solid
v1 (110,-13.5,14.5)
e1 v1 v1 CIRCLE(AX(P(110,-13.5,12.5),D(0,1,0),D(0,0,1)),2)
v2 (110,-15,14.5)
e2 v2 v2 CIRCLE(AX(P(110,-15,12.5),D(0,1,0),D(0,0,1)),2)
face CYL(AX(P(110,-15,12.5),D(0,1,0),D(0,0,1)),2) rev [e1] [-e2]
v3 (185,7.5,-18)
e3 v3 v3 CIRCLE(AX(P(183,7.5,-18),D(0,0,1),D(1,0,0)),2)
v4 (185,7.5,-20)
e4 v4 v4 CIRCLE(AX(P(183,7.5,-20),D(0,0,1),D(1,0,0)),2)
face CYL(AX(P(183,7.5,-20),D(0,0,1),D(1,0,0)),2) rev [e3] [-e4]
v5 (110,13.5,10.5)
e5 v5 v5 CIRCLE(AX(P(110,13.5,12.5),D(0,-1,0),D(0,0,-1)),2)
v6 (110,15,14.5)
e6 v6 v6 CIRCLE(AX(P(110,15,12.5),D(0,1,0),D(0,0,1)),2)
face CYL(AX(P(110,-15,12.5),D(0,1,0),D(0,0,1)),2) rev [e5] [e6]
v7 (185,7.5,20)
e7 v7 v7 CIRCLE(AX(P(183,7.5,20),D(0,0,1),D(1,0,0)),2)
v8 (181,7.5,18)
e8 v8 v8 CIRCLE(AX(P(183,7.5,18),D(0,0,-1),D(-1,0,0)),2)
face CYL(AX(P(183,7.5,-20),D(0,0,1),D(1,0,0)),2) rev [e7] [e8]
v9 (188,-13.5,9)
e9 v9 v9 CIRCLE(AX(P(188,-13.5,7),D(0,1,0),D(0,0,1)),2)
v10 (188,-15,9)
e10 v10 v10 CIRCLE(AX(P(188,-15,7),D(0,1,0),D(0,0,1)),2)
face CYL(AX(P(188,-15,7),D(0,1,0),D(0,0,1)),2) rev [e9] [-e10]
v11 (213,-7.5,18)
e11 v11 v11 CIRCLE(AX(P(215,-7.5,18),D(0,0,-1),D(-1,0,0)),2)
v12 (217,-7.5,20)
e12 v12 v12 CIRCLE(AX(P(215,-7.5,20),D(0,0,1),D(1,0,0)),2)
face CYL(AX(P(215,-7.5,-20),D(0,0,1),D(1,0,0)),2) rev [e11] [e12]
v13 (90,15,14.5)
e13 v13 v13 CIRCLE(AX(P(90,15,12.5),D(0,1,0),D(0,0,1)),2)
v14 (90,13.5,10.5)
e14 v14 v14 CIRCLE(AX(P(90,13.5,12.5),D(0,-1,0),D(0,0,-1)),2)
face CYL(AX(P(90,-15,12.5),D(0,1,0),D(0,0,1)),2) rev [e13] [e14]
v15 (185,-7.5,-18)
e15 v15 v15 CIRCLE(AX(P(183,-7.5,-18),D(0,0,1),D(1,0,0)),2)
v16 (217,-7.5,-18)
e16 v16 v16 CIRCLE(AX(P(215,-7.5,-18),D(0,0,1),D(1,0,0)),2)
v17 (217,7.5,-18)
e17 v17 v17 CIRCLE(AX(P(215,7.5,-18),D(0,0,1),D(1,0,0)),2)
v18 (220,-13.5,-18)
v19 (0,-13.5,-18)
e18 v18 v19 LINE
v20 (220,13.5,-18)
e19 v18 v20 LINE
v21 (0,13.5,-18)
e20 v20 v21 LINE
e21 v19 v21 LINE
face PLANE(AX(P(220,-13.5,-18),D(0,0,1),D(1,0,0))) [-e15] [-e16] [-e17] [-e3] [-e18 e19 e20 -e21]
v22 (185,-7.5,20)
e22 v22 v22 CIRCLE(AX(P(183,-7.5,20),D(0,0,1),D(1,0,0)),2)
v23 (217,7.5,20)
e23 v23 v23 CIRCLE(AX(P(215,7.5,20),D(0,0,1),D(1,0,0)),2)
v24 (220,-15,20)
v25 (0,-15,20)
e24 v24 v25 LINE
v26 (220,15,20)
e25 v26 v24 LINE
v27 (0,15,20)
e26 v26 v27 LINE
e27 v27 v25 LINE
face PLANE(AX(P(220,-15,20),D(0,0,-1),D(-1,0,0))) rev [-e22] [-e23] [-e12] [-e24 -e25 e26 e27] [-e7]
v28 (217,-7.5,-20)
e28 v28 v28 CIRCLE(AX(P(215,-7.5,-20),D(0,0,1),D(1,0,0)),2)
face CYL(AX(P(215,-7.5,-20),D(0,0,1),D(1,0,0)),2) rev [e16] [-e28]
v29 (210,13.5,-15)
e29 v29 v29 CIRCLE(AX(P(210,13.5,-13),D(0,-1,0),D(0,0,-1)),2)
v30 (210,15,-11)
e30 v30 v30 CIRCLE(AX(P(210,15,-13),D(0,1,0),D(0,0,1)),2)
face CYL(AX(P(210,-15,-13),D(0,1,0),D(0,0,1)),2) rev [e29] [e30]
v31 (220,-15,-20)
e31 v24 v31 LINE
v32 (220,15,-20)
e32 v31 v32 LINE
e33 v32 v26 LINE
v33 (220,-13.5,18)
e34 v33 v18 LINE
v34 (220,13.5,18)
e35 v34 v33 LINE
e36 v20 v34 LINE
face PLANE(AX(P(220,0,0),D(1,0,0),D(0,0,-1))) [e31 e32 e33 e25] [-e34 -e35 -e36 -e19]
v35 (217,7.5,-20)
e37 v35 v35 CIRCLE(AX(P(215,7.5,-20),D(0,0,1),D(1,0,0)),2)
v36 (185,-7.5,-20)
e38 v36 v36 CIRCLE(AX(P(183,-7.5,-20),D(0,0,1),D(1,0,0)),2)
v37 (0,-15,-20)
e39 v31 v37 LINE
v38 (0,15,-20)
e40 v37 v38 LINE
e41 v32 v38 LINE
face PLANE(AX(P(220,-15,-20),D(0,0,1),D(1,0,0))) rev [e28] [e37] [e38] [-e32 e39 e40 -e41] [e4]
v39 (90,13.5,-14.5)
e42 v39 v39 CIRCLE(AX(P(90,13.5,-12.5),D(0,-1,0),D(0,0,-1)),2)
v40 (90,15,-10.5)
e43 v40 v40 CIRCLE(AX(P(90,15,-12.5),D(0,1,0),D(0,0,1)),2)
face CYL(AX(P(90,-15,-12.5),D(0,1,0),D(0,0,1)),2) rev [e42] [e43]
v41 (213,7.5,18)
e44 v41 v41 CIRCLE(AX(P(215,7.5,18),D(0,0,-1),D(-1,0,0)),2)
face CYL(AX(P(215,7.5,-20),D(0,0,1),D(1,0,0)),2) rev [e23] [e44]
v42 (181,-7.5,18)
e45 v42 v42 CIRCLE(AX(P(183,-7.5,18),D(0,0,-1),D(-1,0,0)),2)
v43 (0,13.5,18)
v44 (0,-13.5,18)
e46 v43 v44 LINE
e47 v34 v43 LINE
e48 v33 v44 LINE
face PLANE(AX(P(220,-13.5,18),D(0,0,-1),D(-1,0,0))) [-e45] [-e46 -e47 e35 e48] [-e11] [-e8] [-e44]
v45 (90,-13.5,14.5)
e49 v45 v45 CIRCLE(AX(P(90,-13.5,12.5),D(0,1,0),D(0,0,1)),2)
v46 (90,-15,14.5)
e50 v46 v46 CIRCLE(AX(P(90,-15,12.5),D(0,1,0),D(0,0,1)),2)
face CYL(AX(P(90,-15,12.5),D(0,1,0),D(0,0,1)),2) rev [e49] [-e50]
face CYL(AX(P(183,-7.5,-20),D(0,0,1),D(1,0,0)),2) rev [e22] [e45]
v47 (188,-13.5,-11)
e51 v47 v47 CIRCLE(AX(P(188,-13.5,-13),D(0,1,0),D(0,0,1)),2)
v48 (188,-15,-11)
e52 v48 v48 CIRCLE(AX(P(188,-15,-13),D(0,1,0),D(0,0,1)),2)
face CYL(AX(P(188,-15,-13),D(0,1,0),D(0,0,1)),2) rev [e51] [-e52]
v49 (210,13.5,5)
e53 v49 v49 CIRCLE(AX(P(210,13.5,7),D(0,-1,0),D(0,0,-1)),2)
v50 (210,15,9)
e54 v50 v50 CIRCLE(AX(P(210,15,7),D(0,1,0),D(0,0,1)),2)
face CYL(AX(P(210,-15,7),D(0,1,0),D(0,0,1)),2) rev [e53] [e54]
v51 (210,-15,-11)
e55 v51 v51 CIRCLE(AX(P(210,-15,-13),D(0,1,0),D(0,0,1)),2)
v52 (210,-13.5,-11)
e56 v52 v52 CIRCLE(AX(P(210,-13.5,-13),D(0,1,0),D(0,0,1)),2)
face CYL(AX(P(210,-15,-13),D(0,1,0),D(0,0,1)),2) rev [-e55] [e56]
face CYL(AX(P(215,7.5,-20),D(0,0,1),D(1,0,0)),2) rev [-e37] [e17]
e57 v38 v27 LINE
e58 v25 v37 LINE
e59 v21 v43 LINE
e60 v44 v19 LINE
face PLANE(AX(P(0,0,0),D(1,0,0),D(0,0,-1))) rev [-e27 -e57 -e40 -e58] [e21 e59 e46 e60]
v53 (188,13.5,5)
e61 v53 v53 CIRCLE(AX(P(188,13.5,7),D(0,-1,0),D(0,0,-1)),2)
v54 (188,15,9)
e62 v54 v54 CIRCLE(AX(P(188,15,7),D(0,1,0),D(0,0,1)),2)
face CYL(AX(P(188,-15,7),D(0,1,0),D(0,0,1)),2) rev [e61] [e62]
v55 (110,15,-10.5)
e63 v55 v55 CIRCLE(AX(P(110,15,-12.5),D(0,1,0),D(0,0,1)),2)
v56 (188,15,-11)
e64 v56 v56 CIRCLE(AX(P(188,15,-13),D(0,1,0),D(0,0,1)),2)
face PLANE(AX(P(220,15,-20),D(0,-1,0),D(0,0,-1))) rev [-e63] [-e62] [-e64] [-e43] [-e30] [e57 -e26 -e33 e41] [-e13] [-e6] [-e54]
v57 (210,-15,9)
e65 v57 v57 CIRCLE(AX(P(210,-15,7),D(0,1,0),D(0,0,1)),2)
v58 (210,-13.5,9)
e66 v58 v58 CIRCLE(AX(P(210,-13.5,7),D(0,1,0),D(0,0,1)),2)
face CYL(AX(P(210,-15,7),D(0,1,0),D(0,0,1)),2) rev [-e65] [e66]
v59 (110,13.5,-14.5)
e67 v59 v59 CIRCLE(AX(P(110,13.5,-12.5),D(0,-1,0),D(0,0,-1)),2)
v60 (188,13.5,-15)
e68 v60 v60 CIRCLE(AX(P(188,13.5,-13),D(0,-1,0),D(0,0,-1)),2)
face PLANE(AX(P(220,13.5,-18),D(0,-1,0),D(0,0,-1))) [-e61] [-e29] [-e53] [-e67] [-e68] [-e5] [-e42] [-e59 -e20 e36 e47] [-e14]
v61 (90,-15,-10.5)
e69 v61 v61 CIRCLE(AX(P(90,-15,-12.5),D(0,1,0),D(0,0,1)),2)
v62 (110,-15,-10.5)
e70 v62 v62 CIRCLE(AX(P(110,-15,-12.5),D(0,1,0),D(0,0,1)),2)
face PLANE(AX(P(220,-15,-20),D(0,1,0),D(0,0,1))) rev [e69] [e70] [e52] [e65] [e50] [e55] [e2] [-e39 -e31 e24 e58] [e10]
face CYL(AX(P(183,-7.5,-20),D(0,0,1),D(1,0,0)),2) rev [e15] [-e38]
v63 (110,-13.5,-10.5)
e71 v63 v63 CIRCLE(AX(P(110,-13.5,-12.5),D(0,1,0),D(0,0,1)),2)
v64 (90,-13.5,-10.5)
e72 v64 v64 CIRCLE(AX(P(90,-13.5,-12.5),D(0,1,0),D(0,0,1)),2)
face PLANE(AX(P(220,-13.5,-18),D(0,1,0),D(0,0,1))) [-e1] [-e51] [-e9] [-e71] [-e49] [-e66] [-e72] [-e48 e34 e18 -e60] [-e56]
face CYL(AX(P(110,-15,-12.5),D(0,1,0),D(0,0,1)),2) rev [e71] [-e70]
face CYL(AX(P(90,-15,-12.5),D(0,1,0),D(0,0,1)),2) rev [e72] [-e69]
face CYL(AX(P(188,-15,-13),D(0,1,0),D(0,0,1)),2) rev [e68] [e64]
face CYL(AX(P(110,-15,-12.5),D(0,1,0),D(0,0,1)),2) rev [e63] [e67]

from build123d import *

# Parameters (mm, degrees)
SKETCH_1_W          = 40
SKETCH_1_H          = 30
SKETCH_1_W_2        = 36
SKETCH_1_H_2        = 27
EXTRUDE_1_DEPTH     = 220
SKETCH_2_R          = 2
CUT_EXTRUDE_1_DEPTH = 223.934968096
SKETCH_3_R          = 2
CUT_EXTRUDE_2_DEPTH = 223.934968096
SKETCH_4_R          = 2
CUT_EXTRUDE_3_DEPTH = 225.10934831


with BuildPart() as part:
    # 草图1 → 凸台-拉伸1 (new body)
    with BuildSketch(Plane(origin=(0, 0, 0), x_dir=(0, 0, -1), z_dir=(1, 0, 0))):
        Rectangle(SKETCH_1_W, SKETCH_1_H)
        Rectangle(SKETCH_1_W_2, SKETCH_1_H_2, mode=Mode.SUBTRACT)
    extrude(amount=EXTRUDE_1_DEPTH)

    # 草图2 → 切除-拉伸1 (cut, through all)
    with BuildSketch(Plane(origin=(0, 15, 0), x_dir=(1, 0, 0), z_dir=(0, 1, 0))):
        with Locations(Location((210, -7, 0), (0, 0, 270))):
            Circle(SKETCH_2_R)
        with Locations(Location((210, 13, 0), (0, 0, 270))):
            Circle(SKETCH_2_R)
        with Locations(Location((188, 13, 0), (0, 0, 270))):
            Circle(SKETCH_2_R)
        with Locations(Location((188, -7, 0), (0, 0, 270))):
            Circle(SKETCH_2_R)
    extrude(amount=-CUT_EXTRUDE_1_DEPTH, mode=Mode.SUBTRACT)

    # 草图3 → 切除-拉伸2 (cut, through all)
    with BuildSketch(Plane(origin=(0, 15, 0), x_dir=(1, 0, 0), z_dir=(0, 1, 0))):
        with Locations(Location((90, 12.5, 0), (0, 0, 270))):
            Circle(SKETCH_3_R)
        with Locations(Location((110, 12.5, 0), (0, 0, 270))):
            Circle(SKETCH_3_R)
        with Locations(Location((110, -12.5, 0), (0, 0, 270))):
            Circle(SKETCH_3_R)
        with Locations(Location((90, -12.5, 0), (0, 0, 270))):
            Circle(SKETCH_3_R)
    extrude(amount=-CUT_EXTRUDE_2_DEPTH, mode=Mode.SUBTRACT)

    # 草图4 → 切除-拉伸3 (cut, through all)
    with BuildSketch(Plane.XY.offset(20)):
        with Locations((183, 7.5)):
            Circle(SKETCH_4_R)
        with Locations((215, 7.5)):
            Circle(SKETCH_4_R)
        with Locations((215, -7.5)):
            Circle(SKETCH_4_R)
        with Locations((183, -7.5)):
            Circle(SKETCH_4_R)
    extrude(amount=-CUT_EXTRUDE_3_DEPTH, mode=Mode.SUBTRACT)


solid = part.part
